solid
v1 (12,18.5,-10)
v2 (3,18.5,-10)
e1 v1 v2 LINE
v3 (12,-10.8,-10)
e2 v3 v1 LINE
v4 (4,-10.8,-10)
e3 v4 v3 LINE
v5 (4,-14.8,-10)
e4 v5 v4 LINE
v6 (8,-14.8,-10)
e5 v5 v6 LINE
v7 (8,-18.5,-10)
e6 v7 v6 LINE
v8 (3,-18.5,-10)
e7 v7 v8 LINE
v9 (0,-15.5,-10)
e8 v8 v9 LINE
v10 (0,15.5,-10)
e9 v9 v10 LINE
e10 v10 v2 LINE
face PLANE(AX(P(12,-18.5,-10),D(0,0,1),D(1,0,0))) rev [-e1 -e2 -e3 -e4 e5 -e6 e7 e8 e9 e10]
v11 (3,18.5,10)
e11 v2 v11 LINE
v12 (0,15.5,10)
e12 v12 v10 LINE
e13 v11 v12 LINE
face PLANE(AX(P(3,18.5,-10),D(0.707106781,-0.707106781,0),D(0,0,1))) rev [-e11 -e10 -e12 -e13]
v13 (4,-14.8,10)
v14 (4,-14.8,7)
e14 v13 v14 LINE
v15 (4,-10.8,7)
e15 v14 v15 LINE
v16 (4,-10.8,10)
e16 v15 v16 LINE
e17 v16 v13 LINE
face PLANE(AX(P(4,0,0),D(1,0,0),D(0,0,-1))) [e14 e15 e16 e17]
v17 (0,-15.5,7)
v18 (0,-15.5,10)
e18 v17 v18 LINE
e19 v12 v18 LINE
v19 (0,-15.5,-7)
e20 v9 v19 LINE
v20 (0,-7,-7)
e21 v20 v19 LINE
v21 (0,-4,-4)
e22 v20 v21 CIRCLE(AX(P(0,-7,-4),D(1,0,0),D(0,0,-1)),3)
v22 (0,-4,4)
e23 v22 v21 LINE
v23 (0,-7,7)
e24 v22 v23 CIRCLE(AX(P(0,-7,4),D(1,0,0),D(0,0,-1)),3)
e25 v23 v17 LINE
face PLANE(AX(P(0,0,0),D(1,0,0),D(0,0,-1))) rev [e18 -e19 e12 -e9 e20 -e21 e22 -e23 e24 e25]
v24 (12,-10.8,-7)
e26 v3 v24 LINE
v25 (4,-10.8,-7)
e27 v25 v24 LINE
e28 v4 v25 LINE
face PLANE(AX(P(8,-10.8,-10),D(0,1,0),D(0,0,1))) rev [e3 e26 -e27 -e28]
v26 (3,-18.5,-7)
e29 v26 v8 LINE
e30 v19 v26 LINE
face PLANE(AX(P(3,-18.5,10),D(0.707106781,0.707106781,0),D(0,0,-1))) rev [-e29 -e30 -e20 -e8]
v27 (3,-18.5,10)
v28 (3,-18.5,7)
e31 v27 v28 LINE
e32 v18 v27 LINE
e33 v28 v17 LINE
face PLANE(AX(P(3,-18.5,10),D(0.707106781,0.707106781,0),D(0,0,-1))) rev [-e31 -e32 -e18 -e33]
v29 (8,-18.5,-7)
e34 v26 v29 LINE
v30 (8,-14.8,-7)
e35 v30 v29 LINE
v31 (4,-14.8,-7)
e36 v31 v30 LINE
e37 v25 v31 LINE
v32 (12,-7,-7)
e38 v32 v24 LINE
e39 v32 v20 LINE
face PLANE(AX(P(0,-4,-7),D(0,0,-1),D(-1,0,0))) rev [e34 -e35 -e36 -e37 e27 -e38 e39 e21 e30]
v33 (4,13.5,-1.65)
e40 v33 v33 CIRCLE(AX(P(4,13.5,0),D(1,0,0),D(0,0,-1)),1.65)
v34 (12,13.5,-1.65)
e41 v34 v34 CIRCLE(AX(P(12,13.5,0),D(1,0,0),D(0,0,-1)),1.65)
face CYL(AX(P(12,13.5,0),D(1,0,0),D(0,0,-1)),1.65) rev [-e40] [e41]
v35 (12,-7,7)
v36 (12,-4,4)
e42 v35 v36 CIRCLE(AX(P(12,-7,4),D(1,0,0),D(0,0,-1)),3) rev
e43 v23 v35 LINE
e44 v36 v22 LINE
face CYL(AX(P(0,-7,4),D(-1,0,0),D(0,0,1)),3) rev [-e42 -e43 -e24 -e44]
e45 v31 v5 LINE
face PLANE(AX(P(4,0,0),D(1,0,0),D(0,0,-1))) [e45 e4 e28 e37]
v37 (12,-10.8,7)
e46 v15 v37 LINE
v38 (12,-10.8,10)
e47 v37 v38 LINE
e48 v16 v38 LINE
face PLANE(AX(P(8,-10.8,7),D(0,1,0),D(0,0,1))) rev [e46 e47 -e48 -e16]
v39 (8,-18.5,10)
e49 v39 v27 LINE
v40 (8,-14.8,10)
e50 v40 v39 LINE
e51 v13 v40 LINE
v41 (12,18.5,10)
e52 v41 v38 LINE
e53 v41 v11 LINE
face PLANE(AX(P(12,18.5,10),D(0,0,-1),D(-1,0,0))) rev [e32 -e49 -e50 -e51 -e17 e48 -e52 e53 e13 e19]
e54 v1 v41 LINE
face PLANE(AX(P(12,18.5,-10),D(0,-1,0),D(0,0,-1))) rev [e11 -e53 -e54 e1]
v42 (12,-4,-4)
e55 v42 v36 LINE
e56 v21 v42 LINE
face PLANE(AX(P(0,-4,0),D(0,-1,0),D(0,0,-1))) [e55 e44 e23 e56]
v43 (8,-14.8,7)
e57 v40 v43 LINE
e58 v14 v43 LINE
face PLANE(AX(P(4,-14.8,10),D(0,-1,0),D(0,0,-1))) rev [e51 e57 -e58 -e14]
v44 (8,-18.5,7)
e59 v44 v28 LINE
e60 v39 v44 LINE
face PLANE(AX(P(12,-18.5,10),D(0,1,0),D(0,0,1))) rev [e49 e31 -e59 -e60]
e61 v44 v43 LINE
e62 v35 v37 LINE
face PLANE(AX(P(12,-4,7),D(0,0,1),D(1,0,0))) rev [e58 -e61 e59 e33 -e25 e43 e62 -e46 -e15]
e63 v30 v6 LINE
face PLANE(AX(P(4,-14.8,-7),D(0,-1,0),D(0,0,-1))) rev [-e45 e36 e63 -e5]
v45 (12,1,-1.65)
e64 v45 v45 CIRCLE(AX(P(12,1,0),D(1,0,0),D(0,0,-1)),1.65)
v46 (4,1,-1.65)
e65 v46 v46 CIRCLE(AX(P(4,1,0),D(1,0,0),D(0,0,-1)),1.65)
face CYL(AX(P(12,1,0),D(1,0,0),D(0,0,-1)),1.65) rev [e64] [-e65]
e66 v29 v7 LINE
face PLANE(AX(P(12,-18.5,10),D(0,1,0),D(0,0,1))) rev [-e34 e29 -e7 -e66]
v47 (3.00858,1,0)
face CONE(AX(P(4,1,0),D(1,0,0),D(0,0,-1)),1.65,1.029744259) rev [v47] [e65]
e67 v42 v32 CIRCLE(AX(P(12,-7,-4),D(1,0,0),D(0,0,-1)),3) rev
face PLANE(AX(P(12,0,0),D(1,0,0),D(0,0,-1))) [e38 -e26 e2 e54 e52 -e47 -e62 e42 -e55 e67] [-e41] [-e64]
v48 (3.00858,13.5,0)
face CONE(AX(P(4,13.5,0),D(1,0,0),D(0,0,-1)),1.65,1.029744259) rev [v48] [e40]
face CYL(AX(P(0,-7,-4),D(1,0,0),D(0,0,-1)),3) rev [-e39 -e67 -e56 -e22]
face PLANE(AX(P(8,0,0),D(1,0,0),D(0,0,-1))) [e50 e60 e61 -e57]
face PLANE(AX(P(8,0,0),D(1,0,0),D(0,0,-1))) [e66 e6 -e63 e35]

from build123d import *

# Parameters (mm, degrees)
SKETCH1_W                      = 20
SKETCH1_H                      = 37
BOSS_EXTRUDE1_DEPTH            = 12
SKETCH2_W                      = 12
SKETCH2_H                      = 14
CUT_EXTRUDE1_DEPTH             = 14.5
CHAMFER1_SIZE                  = 3
FILLET1_R                      = 3
SKETCH3_W                      = 3
SKETCH3_H                      = 7.7
CUT_EXTRUDE2_DEPTH             = 4.000000008
SKETCH4_W                      = 3
SKETCH4_H                      = 4
CUT_EXTRUDE3_DEPTH             = 4
F_3_3_3_3_DIAMETER_HOLE1_D     = 3.3
F_3_3_3_3_DIAMETER_HOLE1_DEPTH = 8
F_3_3_3_3_DIAMETER_HOLE1_TIP   = 0.991420021


with BuildPart() as part:
    # Sketch1 → Boss-Extrude1 (new body)
    with BuildSketch(Plane(origin=(0, 0, 0), x_dir=(0, 0, -1), z_dir=(1, 0, 0))):
        Rectangle(SKETCH1_W, SKETCH1_H)
    extrude(amount=BOSS_EXTRUDE1_DEPTH)

    # Sketch2 → Cut-Extrude1 (cut)
    with BuildSketch(Plane.XZ.offset(18.5)):
        with Locations((6, 0)):
            Rectangle(SKETCH2_W, SKETCH2_H)
    extrude(amount=-CUT_EXTRUDE1_DEPTH, mode=Mode.SUBTRACT)

    # Chamfer1
    chamfer1_edges = [part.edges().sort_by_distance(p)[0] for p in [
        (0, -18.5, -8.5),
        (0, 18.5, 0),
        (0, -18.5, 8.5),
    ]]
    chamfer(chamfer1_edges, length=CHAMFER1_SIZE)

    # Fillet1
    fillet1_edges = [part.edges().sort_by_distance(p)[0] for p in [
        (6, -4, -7),
        (6, -4, 7),
    ]]
    fillet(fillet1_edges, radius=FILLET1_R)

    # Sketch3 → Cut-Extrude2 (cut)
    with BuildSketch(Plane(origin=(12, 0, 0), x_dir=(0, 0, -1), z_dir=(1, 0, 0))):
        with Locations((-8.5, -14.65)):
            Rectangle(SKETCH3_W, SKETCH3_H)
        with Locations((8.5, -14.65)):
            Rectangle(SKETCH3_W, SKETCH3_H)
    extrude(amount=-CUT_EXTRUDE2_DEPTH, mode=Mode.SUBTRACT)

    # Sketch4 → Cut-Extrude3 (cut)
    with BuildSketch(Plane(origin=(7.999999992, 0, 0), x_dir=(0, 0, -1), z_dir=(1, 0, 0))):
        with Locations((-8.5, -12.8)):
            Rectangle(SKETCH4_W, SKETCH4_H)
        with Locations((8.5, -12.8)):
            Rectangle(SKETCH4_W, SKETCH4_H)
    extrude(amount=-CUT_EXTRUDE3_DEPTH, mode=Mode.SUBTRACT)

    # Ø3.3 (3.3) Diameter Hole1
    with Locations(Plane(origin=(12, 0, 0), x_dir=(0, 0, -1), z_dir=(1, 0, 0))):
        with Locations((0, 1), (0, 13.5)):
            Hole(F_3_3_3_3_DIAMETER_HOLE1_D / 2, depth=F_3_3_3_3_DIAMETER_HOLE1_DEPTH)
            with Locations((0, 0, -(F_3_3_3_3_DIAMETER_HOLE1_DEPTH + F_3_3_3_3_DIAMETER_HOLE1_TIP / 2))):  # 118° drill point
                Cone(0, F_3_3_3_3_DIAMETER_HOLE1_D / 2, F_3_3_3_3_DIAMETER_HOLE1_TIP, mode=Mode.SUBTRACT)


solid = part.part
